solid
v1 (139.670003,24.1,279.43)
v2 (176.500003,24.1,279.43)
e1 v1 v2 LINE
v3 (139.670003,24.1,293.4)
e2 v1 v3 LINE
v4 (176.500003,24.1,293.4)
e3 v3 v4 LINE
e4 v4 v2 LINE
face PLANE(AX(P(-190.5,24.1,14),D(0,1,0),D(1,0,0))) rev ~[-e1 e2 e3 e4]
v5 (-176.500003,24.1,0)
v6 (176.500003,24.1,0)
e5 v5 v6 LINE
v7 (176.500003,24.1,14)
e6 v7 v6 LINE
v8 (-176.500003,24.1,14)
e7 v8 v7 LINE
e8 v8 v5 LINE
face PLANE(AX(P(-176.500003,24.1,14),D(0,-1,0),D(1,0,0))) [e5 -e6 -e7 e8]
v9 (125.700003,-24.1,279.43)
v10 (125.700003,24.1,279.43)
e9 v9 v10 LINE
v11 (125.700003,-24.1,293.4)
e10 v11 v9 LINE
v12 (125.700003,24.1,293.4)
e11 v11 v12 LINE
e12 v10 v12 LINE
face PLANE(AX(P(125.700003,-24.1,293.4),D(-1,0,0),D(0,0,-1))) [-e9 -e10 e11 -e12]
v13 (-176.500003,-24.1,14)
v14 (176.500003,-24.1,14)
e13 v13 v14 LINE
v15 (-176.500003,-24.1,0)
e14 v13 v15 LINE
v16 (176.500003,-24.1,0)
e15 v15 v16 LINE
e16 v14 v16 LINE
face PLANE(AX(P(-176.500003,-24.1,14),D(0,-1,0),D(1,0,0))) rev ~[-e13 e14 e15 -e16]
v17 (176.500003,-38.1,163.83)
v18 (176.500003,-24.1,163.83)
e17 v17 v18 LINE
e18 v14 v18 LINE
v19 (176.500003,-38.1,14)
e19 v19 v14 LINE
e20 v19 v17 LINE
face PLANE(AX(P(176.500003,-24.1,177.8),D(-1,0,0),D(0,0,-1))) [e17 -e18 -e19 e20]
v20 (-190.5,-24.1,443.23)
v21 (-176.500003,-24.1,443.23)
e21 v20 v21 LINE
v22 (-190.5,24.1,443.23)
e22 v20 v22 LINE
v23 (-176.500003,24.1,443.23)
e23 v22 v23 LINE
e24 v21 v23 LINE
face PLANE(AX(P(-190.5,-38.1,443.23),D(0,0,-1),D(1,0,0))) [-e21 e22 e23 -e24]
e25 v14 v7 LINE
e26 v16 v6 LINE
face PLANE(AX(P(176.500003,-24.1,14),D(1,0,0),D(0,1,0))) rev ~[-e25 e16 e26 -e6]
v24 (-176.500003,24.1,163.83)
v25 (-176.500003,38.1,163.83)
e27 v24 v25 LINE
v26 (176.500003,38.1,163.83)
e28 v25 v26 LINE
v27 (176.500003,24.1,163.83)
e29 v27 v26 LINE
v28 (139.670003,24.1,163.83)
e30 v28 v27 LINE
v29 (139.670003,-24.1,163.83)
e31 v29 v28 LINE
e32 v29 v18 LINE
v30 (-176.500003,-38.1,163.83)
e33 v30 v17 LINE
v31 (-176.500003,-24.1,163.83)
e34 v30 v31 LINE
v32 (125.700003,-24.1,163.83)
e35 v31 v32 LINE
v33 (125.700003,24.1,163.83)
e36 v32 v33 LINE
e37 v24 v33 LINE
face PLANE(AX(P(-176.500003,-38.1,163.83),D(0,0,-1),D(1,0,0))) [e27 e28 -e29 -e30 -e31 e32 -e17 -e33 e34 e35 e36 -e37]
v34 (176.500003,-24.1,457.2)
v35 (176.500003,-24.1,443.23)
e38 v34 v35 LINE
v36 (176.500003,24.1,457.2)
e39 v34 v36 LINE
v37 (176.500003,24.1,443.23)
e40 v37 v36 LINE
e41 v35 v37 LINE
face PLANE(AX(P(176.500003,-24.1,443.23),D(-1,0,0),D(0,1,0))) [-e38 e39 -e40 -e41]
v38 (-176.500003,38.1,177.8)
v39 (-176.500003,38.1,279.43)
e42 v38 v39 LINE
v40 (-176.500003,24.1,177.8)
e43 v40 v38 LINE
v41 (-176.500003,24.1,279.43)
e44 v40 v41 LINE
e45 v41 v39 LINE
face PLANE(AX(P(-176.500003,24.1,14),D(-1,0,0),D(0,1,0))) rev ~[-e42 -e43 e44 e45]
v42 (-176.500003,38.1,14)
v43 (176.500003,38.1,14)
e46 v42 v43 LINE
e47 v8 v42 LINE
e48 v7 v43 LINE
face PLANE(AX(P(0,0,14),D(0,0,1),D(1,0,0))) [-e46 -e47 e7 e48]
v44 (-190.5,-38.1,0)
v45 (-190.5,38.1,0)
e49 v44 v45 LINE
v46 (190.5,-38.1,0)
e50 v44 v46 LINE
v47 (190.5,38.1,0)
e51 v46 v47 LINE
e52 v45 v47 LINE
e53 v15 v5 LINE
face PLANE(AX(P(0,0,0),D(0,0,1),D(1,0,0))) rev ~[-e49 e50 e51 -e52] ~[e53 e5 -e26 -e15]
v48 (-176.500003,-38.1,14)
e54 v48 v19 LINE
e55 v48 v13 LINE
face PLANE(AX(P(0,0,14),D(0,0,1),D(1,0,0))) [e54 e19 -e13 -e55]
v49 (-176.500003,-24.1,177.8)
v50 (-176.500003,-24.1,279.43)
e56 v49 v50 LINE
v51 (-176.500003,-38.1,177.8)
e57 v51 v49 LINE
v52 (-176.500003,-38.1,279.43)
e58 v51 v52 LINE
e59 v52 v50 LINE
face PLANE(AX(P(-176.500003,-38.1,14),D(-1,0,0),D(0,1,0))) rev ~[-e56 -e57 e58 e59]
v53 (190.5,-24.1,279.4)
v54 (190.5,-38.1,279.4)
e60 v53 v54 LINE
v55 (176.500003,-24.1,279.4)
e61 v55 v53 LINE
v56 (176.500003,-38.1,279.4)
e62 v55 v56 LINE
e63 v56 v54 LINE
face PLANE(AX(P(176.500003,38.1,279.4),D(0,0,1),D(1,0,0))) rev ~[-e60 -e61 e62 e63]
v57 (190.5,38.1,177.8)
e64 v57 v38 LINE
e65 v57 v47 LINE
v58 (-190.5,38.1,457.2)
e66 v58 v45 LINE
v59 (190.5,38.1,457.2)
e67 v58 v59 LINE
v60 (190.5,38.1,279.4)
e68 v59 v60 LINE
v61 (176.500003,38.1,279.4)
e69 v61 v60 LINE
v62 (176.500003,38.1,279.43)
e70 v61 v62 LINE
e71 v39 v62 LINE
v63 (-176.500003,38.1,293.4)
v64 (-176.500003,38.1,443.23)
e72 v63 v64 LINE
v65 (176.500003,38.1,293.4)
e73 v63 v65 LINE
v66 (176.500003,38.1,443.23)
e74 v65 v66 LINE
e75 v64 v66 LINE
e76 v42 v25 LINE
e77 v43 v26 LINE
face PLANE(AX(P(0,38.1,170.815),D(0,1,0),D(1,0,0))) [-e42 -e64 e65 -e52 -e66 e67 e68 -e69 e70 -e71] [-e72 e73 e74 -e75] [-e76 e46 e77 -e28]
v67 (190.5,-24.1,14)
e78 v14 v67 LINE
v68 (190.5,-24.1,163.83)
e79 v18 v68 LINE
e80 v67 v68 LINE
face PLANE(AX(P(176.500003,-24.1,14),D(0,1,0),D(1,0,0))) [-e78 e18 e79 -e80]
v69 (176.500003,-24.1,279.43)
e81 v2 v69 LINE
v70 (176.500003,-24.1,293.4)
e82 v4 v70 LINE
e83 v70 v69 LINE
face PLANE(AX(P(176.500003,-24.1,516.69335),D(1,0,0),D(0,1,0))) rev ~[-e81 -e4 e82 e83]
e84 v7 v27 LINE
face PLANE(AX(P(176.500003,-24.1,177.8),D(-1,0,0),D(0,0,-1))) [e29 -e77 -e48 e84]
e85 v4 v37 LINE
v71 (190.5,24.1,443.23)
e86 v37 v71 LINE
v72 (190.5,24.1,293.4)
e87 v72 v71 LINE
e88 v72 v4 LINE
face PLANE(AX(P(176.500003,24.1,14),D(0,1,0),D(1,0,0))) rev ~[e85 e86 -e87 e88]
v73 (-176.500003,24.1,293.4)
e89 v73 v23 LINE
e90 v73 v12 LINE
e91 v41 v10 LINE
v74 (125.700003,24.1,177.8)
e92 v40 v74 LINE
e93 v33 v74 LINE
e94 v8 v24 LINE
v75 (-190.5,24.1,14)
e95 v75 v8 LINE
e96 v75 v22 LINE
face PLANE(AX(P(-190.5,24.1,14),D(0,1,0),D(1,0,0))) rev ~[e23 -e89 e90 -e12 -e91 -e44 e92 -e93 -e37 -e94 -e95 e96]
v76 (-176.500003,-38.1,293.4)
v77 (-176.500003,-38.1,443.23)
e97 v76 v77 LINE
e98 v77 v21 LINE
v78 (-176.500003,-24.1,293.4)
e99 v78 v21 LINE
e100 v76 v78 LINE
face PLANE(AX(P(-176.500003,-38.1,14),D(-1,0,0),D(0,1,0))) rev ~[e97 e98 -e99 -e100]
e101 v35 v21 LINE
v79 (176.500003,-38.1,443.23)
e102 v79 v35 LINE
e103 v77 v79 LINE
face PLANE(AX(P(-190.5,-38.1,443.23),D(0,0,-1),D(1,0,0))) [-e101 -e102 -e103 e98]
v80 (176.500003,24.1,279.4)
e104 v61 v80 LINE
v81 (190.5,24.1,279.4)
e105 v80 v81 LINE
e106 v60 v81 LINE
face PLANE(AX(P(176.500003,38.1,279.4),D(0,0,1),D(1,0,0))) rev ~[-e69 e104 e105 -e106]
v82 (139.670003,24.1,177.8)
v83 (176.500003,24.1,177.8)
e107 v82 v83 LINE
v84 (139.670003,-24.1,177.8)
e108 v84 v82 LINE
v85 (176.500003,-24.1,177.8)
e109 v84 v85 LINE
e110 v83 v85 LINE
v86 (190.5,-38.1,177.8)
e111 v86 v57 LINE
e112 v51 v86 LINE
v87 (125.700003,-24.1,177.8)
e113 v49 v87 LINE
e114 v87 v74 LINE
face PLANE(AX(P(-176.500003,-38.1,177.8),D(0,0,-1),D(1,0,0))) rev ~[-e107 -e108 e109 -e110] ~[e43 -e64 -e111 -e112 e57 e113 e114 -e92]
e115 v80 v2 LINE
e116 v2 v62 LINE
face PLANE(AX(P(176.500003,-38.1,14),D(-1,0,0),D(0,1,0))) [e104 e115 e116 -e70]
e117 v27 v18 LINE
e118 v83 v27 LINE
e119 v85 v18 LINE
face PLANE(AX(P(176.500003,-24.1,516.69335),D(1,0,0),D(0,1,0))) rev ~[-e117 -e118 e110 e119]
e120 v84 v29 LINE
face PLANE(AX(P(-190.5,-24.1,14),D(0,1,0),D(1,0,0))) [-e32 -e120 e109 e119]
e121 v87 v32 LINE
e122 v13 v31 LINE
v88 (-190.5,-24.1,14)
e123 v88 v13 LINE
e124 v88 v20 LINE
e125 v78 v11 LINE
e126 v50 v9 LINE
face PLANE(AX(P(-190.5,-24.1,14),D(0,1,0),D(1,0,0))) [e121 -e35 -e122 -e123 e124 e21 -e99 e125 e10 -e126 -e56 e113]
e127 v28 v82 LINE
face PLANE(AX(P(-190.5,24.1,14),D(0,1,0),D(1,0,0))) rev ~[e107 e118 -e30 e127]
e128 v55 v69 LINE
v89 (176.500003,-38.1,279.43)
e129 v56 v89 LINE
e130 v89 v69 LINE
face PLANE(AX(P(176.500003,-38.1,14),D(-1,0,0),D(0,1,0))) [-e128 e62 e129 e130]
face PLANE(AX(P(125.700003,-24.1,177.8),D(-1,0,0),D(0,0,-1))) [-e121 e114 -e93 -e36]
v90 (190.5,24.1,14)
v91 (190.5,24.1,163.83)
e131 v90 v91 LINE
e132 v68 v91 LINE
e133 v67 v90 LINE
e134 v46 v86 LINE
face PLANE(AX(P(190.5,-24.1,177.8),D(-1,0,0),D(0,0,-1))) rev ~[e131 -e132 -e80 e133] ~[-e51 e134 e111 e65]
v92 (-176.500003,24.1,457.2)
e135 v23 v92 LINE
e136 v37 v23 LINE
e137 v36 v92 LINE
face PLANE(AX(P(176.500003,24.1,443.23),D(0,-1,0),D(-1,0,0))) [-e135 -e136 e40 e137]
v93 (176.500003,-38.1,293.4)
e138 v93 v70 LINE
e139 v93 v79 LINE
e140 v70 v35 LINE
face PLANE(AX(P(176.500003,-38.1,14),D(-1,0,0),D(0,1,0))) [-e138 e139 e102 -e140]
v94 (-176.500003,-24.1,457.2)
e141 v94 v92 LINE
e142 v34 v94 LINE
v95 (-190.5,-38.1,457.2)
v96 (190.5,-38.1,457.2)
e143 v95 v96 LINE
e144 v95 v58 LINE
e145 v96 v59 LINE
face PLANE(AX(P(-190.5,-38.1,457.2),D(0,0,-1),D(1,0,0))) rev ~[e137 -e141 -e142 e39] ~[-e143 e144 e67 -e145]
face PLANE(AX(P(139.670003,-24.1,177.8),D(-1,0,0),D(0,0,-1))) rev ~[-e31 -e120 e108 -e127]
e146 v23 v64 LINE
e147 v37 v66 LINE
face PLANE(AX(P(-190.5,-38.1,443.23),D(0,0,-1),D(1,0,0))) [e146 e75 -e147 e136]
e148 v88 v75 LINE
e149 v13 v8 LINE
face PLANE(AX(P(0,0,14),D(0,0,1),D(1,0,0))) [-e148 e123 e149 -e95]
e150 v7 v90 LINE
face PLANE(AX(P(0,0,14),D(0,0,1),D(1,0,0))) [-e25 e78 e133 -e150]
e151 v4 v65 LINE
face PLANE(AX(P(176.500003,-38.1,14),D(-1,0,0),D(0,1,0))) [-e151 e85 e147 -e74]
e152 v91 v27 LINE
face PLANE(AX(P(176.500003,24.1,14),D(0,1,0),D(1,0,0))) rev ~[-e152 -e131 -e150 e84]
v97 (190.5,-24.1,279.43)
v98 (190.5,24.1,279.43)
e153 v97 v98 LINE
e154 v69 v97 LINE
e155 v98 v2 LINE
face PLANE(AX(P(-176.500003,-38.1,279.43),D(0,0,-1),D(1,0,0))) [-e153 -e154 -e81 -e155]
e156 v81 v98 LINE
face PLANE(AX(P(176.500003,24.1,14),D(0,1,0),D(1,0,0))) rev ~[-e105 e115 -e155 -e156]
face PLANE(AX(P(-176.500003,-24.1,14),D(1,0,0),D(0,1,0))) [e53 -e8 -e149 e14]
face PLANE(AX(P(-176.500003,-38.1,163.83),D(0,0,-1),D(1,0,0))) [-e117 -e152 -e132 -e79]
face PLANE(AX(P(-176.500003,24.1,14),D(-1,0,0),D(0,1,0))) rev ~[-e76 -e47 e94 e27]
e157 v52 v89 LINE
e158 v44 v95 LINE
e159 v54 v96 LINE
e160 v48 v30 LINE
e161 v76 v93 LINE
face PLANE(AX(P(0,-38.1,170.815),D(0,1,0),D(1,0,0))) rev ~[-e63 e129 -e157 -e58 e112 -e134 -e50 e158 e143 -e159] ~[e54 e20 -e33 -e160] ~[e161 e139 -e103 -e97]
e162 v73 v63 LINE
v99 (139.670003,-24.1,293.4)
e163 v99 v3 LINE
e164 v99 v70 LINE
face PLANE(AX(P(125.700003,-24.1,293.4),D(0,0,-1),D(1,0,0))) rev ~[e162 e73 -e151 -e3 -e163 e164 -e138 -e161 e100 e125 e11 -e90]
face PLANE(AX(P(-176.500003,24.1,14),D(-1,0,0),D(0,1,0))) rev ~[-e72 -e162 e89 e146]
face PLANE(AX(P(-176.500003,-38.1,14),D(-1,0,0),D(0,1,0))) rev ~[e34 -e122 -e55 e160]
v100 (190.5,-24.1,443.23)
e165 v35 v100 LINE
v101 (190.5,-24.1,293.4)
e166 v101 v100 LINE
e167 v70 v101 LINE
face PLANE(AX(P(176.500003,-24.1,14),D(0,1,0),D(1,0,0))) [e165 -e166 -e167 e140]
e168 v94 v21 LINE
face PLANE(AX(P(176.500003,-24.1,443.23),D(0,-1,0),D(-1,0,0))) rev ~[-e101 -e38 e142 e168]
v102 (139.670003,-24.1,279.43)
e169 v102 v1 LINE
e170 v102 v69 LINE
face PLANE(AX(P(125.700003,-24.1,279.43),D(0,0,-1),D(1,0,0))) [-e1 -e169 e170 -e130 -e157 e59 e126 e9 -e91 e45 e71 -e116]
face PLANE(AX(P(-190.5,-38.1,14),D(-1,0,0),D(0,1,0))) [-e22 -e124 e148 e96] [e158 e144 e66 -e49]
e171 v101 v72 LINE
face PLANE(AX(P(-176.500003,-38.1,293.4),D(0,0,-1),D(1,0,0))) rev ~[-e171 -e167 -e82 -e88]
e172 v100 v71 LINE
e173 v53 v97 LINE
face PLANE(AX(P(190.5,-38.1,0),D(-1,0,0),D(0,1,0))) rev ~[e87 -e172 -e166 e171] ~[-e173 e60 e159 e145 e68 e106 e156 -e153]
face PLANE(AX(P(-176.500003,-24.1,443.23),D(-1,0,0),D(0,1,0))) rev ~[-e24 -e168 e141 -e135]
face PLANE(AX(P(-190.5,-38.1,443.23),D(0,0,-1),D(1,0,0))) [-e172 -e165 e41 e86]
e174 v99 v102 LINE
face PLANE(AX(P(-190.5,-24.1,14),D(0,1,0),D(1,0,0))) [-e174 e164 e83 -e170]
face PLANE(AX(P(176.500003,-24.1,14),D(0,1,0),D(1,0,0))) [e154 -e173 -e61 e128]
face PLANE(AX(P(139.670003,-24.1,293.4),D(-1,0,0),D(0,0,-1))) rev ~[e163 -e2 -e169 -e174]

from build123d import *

# Parameters (mm, degrees)
SKETCH1_W               = 381
SKETCH1_H               = 76.2
BOSS_EXTRUDE1_DEPTH     = 14
SKETCH2_W               = 353.0000052
SKETCH2_H               = 48.2
CUT_EXTRUDE1_DEPTH      = 14
SKETCH5_W               = 381
SKETCH5_H               = 13.97
BOSS_EXTRUDE2_DEPTH     = 76.2
SKETCH6_W               = 353.0000052
SKETCH6_H               = 48.2
CUT_EXTRUDE2_DEPTH      = 76.2
SKETCH3_W               = 13.9999974
SKETCH3_H               = 14
BOSS_EXTRUDE3_DEPTH     = 429.26
SKETCH7_W               = 13.9999974
SKETCH7_H               = 101.6
CUT_EXTRUDE3_DEPTH      = 429.26
SKETCH10_W              = 13.9999974
SKETCH10_H              = 13.97
BOSS_EXTRUDE4_DEPTH     = 48.26
SKETCH11_W              = 353.0000052
SKETCH11_H              = 13.97
BOSS_EXTRUDE5_DEPTH     = 76.2
CUT_EXTRUDE4_DEPTH      = 352.863349754
CUT_EXTRUDE4_DEPTH_BACK = 352.863349754
SKETCH12_W              = 353.0000052
SKETCH12_H              = 48.2
SKETCH13_W              = 13.97
SKETCH13_H              = 13.97
BOSS_EXTRUDE6_DEPTH     = 48.26


with BuildPart() as part:
    # Sketch1 → Boss-Extrude1 (new body)
    with BuildSketch(Plane.XY):
        Rectangle(SKETCH1_W, SKETCH1_H)
    extrude(amount=BOSS_EXTRUDE1_DEPTH)

    # Sketch2 → Cut-Extrude1 (cut)
    with BuildSketch(Plane.XY.offset(14)):
        Rectangle(SKETCH2_W, SKETCH2_H)
    extrude(amount=-CUT_EXTRUDE1_DEPTH, mode=Mode.SUBTRACT)



with BuildPart() as body_2:
    # Sketch5 → Boss-Extrude2 (new body)
    with BuildSketch(Plane(origin=(0, -38.1, 0), x_dir=(1, 0, 0), z_dir=(0, 1, 0))):
        with Locations((0, -450.215)):
            Rectangle(SKETCH5_W, SKETCH5_H)
    extrude(amount=BOSS_EXTRUDE2_DEPTH)

    # Sketch6 → Cut-Extrude2 (cut)
    with BuildSketch(Plane(origin=(0, 0, 443.23), x_dir=(-1, 0, 0), z_dir=(0, 0, -1))):
        Rectangle(SKETCH6_W, SKETCH6_H)
    extrude(amount=-CUT_EXTRUDE2_DEPTH, mode=Mode.SUBTRACT)


with BuildPart() as part_1:
    add(part.part)

    add(body_2.part)  # Boss-Extrude3 merges body 2
    # Sketch3 → Boss-Extrude3 (add)
    with BuildSketch(Plane.XY.offset(14)):
        with Locations((-183.5000013, -31.1)):
            Rectangle(SKETCH3_W, SKETCH3_H)
        with Locations((-183.5000013, 31.1)):
            Rectangle(SKETCH3_W, SKETCH3_H)
        with Locations((183.5000013, -31.1)):
            Rectangle(SKETCH3_W, SKETCH3_H)
        with Locations((183.5000013, 31.1)):
            Rectangle(SKETCH3_W, SKETCH3_H)
    extrude(amount=BOSS_EXTRUDE3_DEPTH)

    # Sketch7 → Cut-Extrude3 (cut)
    with BuildSketch(Plane(origin=(0, 38.1, 0), x_dir=(1, 0, 0), z_dir=(0, 1, 0))):
        with Locations((183.5000013, -228.6)):
            Rectangle(SKETCH7_W, SKETCH7_H)
    extrude(amount=-CUT_EXTRUDE3_DEPTH, mode=Mode.SUBTRACT)

    # Sketch10 → Boss-Extrude4 (add)
    with BuildSketch(Plane(origin=(0, -24.1, 0), x_dir=(1, 0, 0), z_dir=(0, 1, 0))):
        with Locations((183.5000013, -170.815)):
            Rectangle(SKETCH10_W, SKETCH10_H)
        with Locations((183.5000013, -286.415)):
            Rectangle(SKETCH10_W, SKETCH10_H)
    extrude(amount=BOSS_EXTRUDE4_DEPTH)

    # Sketch11 → Boss-Extrude5 (add)
    with BuildSketch(Plane(origin=(0, -38.1, 0), x_dir=(1, 0, 0), z_dir=(0, 1, 0))):
        with Locations((0, -170.815)):
            Rectangle(SKETCH11_W, SKETCH11_H)
        with Locations((0, -286.415)):
            Rectangle(SKETCH11_W, SKETCH11_H)
    extrude(amount=BOSS_EXTRUDE5_DEPTH)

    # Sketch12 → Cut-Extrude4 (cut, two sides: drawn at the far end of the back side and taken through both)
    with BuildSketch(Plane(origin=(0, 0, 163.83), x_dir=(-1, 0, 0), z_dir=(0, 0, -1)).offset(-CUT_EXTRUDE4_DEPTH_BACK)):
        Rectangle(SKETCH12_W, SKETCH12_H)
    extrude(amount=CUT_EXTRUDE4_DEPTH + CUT_EXTRUDE4_DEPTH_BACK, mode=Mode.SUBTRACT)

    # Sketch13 → Boss-Extrude6 (add)
    with BuildSketch(Plane(origin=(0, -24.1, 0), x_dir=(1, 0, 0), z_dir=(0, 1, 0))):
        with Locations((132.6850026, -286.415)):
            Rectangle(SKETCH13_W, SKETCH13_H)
        with Locations((132.6850026, -170.815)):
            Rectangle(SKETCH13_W, SKETCH13_H)
    extrude(amount=BOSS_EXTRUDE6_DEPTH)


solid = part_1.part
